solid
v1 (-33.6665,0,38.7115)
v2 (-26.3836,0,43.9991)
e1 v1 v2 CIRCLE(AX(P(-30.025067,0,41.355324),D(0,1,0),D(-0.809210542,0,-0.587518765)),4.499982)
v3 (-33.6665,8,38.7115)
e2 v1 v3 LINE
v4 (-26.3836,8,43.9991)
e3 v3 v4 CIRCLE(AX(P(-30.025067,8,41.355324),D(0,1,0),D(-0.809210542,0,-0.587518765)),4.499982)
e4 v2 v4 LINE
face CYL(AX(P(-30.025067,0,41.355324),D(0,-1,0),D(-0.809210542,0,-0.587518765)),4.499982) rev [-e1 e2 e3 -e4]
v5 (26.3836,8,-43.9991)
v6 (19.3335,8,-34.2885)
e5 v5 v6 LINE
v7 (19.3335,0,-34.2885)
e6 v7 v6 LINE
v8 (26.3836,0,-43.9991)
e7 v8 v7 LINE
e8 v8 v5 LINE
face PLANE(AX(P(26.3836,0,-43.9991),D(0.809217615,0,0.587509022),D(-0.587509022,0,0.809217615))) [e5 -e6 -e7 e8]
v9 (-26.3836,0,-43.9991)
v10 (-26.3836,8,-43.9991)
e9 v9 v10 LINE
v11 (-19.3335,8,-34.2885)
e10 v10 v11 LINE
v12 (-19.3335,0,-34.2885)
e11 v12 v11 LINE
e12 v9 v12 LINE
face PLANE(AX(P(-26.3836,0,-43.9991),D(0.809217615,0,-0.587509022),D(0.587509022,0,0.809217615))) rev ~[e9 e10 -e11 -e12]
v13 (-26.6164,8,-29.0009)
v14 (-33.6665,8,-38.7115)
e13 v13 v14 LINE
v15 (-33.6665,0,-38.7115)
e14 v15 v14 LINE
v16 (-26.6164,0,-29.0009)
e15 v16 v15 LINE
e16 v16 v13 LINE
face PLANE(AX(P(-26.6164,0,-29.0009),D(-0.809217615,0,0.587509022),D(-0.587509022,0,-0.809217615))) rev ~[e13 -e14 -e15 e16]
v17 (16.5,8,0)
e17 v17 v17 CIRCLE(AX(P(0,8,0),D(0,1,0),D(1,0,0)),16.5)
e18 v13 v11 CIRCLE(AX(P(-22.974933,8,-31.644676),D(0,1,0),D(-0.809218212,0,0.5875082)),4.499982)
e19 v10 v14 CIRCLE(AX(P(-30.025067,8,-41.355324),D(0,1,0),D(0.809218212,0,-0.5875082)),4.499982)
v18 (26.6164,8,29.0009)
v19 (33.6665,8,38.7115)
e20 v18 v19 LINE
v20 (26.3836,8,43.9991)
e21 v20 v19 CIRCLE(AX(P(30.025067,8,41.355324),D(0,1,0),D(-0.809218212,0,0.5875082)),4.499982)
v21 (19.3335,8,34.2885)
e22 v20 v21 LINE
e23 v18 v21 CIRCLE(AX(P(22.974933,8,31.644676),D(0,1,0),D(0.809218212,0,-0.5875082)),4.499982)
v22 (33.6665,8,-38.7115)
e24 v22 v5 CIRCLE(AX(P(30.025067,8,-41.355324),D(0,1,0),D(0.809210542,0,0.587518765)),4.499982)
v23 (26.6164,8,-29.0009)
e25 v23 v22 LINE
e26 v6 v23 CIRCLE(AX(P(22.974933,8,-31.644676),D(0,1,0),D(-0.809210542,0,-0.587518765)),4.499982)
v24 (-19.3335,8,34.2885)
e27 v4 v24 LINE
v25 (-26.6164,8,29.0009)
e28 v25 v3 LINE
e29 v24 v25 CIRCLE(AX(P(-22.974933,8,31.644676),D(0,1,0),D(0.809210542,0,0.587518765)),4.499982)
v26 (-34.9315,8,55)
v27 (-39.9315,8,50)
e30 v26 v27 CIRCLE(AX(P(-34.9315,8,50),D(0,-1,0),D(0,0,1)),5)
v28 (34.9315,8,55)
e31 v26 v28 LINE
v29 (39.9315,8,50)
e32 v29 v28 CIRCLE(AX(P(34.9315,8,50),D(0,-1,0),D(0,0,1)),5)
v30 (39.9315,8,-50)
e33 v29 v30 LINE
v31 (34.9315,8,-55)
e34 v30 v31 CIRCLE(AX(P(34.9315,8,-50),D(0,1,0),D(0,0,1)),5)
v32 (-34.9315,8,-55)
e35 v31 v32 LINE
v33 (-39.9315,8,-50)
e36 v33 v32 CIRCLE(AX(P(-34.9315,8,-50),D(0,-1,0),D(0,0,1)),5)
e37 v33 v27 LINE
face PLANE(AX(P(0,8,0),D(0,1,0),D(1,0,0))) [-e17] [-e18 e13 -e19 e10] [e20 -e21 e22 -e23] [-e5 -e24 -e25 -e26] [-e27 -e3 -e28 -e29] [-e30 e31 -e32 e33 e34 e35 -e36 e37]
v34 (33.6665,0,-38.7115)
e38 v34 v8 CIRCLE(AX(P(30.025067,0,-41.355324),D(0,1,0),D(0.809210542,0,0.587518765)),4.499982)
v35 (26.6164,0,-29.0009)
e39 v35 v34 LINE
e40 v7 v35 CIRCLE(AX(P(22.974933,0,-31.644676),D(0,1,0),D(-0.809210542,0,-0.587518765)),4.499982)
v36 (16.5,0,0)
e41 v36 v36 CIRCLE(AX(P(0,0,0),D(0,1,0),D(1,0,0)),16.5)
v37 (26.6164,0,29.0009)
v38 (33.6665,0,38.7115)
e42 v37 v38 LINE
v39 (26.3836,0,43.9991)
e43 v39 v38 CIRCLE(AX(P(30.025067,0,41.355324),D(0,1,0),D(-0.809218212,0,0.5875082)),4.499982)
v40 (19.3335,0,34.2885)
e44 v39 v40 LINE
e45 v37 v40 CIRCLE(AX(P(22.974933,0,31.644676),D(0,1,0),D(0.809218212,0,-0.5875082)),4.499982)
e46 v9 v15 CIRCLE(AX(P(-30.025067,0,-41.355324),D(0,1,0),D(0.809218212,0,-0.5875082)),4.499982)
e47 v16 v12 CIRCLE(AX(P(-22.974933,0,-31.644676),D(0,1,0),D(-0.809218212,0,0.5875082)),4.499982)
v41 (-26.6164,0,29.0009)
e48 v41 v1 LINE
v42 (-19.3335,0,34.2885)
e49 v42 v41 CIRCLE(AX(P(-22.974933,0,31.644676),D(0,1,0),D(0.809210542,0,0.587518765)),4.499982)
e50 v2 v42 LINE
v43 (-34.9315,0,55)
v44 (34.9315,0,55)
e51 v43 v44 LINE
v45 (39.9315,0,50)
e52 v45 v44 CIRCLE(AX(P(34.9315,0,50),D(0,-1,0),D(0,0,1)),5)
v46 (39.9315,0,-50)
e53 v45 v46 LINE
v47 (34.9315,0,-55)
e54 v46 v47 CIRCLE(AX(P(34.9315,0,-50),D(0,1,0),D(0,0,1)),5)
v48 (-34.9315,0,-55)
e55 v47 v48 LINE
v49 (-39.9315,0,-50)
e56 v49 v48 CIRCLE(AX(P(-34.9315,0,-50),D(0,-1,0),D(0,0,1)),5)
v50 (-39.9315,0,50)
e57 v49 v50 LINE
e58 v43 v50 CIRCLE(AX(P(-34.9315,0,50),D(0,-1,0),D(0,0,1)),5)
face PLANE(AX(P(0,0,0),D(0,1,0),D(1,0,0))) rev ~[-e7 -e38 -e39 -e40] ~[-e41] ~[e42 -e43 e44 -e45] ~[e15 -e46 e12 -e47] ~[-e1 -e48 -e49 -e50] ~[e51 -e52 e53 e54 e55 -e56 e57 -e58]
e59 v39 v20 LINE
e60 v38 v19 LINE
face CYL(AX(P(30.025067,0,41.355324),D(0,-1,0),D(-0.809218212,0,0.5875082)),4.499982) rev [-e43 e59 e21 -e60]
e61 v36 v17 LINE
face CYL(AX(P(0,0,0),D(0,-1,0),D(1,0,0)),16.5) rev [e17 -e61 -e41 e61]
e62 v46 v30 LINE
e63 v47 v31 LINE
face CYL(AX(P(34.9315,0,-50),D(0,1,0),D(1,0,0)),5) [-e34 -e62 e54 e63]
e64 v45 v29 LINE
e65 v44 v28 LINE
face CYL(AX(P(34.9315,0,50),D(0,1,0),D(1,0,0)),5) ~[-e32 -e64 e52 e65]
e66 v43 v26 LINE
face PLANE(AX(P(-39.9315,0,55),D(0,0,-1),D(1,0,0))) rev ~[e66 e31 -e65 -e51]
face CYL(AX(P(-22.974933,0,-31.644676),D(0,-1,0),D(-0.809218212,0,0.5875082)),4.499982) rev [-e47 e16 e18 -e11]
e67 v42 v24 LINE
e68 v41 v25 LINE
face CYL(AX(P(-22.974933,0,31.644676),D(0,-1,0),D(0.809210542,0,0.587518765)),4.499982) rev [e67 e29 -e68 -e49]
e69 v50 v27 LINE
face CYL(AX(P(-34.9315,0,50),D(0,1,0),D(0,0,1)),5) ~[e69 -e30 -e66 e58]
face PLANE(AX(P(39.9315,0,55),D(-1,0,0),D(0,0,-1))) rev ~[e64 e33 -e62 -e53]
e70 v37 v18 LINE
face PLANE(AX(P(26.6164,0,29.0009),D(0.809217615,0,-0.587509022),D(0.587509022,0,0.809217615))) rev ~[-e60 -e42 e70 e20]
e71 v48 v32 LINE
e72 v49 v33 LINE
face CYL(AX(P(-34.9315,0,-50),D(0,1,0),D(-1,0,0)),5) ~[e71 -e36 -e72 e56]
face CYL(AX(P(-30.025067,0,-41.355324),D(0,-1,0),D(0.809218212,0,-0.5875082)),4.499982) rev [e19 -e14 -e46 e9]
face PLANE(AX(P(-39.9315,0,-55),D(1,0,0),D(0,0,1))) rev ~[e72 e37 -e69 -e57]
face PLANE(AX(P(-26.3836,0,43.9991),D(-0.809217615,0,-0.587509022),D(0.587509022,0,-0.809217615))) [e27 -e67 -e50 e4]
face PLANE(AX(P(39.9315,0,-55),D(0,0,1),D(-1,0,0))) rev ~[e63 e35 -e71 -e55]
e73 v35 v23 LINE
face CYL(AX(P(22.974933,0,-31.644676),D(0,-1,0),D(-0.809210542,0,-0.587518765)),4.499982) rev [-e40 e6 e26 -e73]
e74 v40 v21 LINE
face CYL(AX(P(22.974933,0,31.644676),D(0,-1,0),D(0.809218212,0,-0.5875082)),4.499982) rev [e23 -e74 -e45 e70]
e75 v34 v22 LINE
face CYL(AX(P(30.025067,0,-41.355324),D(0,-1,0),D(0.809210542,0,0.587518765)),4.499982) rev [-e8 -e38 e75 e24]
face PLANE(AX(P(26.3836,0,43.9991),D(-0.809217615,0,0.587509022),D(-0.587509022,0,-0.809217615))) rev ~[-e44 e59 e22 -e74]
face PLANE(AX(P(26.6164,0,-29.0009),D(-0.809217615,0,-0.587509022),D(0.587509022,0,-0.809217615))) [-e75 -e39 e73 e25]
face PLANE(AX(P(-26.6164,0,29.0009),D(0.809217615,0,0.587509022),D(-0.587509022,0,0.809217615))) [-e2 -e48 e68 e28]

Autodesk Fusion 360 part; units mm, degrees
sketch "Sketch1" plane through (0, 0, 0) normal (0, 1, 0) x (1, 0, 0)
  line L0 (22.9749, 31.6447) -> (-22.9749, 31.6447) construction
  line L1 (-22.9749, 31.6447) -> (-22.9749, -31.6447) construction
  line L2 (-22.9749, -31.6447) -> (22.9749, -31.6447) construction
  line L3 (22.9749, -31.6447) -> (22.9749, 31.6447) construction
  line L4 (22.9749, 31.6447) -> (-22.9749, -31.6447) construction
  line L5 (-22.9749, 31.6447) -> (22.9749, -31.6447) construction
  line L6 (30.0251, 41.3553) -> (-30.0251, 41.3553) construction
  line L7 (-30.0251, 41.3553) -> (-30.0251, -41.3553) construction
  line L8 (-30.0251, -41.3553) -> (30.0251, -41.3553) construction
  line L9 (30.0251, -41.3553) -> (30.0251, 41.3553) construction
  line L10 (30.0251, 41.3553) -> (-30.0251, -41.3553) construction
  line L11 (-30.0251, 41.3553) -> (30.0251, -41.3553) construction
  line L12 (26.6164, 29.0009) -> (33.6665, 38.7115)
  arc A0 (33.6665, 38.7115) -> (26.3836, 43.9991) centre (30.0251, 41.3553) ccw
  line L13 (26.3836, 43.9991) -> (19.3335, 34.2885)
  arc A1 (19.3335, 34.2885) -> (26.6164, 29.0009) centre (22.9749, 31.6447) ccw
  line L14 (22.9749, 31.6447) -> (30.0251, 41.3553) construction
  line L15 (0, 0) -> (0, 52.4802) construction
  line L16 (0, 0) -> (-40, 0) construction
  arc A2 (-26.3836, 43.9991) -> (-33.6665, 38.7115) centre (-30.0251, 41.3553) ccw
  line L17 (-26.6164, 29.0009) -> (-33.6665, 38.7115)
  arc A3 (-26.6164, 29.0009) -> (-19.3335, 34.2885) centre (-22.9749, 31.6447) ccw
  line L18 (-26.3836, 43.9991) -> (-19.3335, 34.2885)
  arc A4 (-33.6665, -38.7115) -> (-26.3836, -43.9991) centre (-30.0251, -41.3553) ccw
  line L19 (-26.3836, -43.9991) -> (-19.3335, -34.2885)
  line L20 (-26.6164, -29.0009) -> (-33.6665, -38.7115)
  arc A5 (-19.3335, -34.2885) -> (-26.6164, -29.0009) centre (-22.9749, -31.6447) ccw
  line L21 (26.3836, -43.9991) -> (19.3335, -34.2885)
  arc A6 (26.3836, -43.9991) -> (33.6665, -38.7115) centre (30.0251, -41.3553) ccw
  line L22 (26.6164, -29.0009) -> (33.6665, -38.7115)
  arc A7 (26.6164, -29.0009) -> (19.3335, -34.2885) centre (22.9749, -31.6447) ccw
  line L23 (39.9315, 55) -> (-39.9315, 55)
  line L24 (-39.9315, 55) -> (-39.9315, -55)
  line L25 (-39.9315, -55) -> (39.9315, -55)
  line L26 (39.9315, -55) -> (39.9315, 55)
  line L27 (39.9315, 55) -> (-39.9315, -55) construction
  line L28 (-39.9315, 55) -> (39.9315, -55) construction
  circle A8 centre (0, 0) radius 16.5
  line L29 (26.5, 36.5) -> (24.038, 38.2875) construction
  point P0 (26.5, 36.5)
  point P1 (-26.5, 36.5)
  point P2 (26.5, -36.5)
  point P3 (-26.5, -36.5)
  dimension "d1" = 4.5
  dimension "d2" = 12
  dimension "d5" = 110
  dimension "d9" = 33
  dimension "d11" = 73
  dimension "d13" = 53
extrude "Extrude1" add sketch "Sketch1" along normal blind 8
fillet "Fillet1" radius 5 4 edges at (39.9315, 4, -55) (-39.9315, 4, 55) (39.9315, 4, 55) (-39.9315, 4, -55)
equation "d1 = ( 9 / 2 ) * 1 mm"
